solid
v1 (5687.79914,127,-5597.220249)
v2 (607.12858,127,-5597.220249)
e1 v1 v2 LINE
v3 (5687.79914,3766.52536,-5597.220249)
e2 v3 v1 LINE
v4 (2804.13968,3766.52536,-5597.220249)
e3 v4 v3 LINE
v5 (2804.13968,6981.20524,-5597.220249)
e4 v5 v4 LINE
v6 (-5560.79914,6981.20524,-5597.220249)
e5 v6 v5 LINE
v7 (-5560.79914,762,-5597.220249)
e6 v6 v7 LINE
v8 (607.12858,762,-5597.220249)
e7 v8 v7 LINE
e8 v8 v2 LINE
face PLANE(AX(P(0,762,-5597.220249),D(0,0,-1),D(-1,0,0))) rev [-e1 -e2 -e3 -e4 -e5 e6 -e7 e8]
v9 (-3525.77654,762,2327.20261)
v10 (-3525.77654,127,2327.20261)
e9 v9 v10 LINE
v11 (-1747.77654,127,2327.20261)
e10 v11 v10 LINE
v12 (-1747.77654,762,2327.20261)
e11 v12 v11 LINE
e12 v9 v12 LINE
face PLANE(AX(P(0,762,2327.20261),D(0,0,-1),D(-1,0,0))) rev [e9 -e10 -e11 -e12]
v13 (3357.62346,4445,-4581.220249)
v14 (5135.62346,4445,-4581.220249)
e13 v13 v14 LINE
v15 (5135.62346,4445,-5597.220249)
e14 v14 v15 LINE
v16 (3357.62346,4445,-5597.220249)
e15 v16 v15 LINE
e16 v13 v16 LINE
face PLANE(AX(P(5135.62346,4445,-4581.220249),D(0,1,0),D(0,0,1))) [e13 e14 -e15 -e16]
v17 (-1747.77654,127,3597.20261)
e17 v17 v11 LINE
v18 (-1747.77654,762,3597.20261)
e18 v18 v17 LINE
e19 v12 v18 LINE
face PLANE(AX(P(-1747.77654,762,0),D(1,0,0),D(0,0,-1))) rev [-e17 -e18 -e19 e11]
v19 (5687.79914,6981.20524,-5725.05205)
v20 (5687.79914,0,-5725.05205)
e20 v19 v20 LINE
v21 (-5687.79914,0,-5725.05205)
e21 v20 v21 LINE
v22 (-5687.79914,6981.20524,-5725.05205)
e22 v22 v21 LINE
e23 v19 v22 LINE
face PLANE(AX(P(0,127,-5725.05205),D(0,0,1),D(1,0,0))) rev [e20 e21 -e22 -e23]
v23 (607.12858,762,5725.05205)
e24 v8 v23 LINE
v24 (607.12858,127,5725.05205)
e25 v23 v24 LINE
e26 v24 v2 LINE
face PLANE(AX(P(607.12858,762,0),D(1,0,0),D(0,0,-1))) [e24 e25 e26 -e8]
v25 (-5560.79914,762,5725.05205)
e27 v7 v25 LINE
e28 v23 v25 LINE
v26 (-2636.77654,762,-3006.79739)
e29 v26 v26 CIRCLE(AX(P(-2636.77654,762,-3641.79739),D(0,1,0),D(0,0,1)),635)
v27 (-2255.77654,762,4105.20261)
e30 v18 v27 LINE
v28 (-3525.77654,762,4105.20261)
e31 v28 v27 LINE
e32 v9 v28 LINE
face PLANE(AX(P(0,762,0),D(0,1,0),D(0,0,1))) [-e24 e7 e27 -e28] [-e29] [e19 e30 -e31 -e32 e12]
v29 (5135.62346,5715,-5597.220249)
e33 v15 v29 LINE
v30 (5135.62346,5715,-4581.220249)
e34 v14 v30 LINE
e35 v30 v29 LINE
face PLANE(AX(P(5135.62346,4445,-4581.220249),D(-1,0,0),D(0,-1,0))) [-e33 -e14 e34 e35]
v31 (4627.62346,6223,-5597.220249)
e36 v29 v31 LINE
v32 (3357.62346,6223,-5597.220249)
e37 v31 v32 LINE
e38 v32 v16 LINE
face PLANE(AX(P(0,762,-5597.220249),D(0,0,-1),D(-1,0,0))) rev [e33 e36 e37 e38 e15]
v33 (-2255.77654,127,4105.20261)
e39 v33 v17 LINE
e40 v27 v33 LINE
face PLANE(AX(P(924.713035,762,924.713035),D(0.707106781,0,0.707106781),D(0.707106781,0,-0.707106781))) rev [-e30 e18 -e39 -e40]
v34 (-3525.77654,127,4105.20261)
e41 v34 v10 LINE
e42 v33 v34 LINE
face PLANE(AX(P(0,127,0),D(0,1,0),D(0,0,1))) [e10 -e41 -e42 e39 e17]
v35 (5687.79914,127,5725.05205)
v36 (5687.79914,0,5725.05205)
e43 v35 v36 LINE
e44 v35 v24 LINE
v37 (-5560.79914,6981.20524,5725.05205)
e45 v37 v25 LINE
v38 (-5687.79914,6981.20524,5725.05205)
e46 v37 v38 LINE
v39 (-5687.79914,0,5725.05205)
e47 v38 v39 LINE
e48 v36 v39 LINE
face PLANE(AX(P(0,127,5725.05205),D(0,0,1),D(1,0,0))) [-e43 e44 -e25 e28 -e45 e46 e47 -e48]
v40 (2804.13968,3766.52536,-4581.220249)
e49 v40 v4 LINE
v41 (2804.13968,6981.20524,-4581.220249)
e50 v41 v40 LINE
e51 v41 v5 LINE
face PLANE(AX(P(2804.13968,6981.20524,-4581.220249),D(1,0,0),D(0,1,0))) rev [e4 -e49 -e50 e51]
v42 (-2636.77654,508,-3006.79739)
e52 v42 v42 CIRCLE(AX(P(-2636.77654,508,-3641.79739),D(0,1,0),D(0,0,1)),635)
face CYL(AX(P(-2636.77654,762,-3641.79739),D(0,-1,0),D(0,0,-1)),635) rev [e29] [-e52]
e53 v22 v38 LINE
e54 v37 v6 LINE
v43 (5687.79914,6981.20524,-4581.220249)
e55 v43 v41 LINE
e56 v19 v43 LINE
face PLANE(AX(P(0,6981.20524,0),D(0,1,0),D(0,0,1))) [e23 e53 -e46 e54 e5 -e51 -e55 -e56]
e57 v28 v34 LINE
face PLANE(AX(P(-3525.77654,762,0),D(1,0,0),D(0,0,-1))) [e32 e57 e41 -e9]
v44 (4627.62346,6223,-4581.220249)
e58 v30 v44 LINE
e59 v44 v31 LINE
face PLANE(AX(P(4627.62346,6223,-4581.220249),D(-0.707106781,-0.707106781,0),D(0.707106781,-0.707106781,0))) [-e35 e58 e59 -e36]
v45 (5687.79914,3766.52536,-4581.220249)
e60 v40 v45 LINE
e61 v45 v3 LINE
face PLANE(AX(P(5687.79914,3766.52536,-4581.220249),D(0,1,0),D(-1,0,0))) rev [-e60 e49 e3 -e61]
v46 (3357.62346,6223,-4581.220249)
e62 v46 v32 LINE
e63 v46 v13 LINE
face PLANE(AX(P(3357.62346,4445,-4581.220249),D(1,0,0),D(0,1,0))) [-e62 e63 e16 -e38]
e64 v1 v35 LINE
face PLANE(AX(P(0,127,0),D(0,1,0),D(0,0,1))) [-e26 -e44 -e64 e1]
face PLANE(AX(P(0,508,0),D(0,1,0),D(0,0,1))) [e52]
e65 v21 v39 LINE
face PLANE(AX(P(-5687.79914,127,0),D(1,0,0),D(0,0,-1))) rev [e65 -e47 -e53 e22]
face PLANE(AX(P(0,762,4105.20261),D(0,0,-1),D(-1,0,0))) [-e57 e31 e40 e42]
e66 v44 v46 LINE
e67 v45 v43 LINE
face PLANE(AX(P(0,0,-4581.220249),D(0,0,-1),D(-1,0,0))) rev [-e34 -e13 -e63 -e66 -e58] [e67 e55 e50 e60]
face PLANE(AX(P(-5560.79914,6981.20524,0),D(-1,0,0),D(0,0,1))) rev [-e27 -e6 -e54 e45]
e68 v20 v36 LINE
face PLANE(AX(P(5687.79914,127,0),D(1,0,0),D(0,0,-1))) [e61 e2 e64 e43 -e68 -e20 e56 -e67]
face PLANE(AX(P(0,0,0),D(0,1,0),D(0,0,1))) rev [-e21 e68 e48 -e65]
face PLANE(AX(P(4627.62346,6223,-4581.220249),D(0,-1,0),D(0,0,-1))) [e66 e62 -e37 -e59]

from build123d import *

# Parameters (mm, degrees)
SKETCH1_W           = 5080.67056
SKETCH1_H           = 11322.27229855
SKETCH1_W_2         = 6167.92772
SKETCH1_R           = 635
SKETCH1_H_2         = 127.83180145
BOSS_EXTRUDE1_DEPTH = 127
SKETCH1_3_W         = 6167.92772
SKETCH1_3_H         = 11322.27229855
SKETCH1_3_R         = 635
SKETCH1_3_W_2       = 5080.67056
SKETCH1_3_H_2       = 127.83180145
BOSS_EXTRUDE2_DEPTH = 762
SKETCH1_4_W         = 5080.67056
SKETCH1_4_H         = 127.83180145
BOSS_EXTRUDE3_DEPTH = 6981.20524
SKETCH1_6_R         = 635
BOSS_EXTRUDE5_DEPTH = 508
SKETCH2_W           = 2883.65946
SKETCH2_H           = 3214.67988
BOSS_EXTRUDE6_DEPTH = 1016


with BuildPart() as part:
    # Sketch1 → Boss-Extrude1 (new body)
    with BuildSketch(Plane(origin=(0, 0, 0), x_dir=(1, 0, 0), z_dir=(0, 1, 0))):
        with Locations((3147.46386, -63.915900725)):
            Rectangle(SKETCH1_W, SKETCH1_H)
        with Locations((-2476.83528, -63.915900725)):
            Rectangle(SKETCH1_W_2, SKETCH1_H)
        Polygon((-1747.77654, -2327.20261), (-1747.77654, -3597.20261), (-2255.77654, -4105.20261), (-3525.77654, -4105.20261), (-3525.77654, -2327.20261), align=None, mode=Mode.SUBTRACT)
        with Locations((-2636.77654, 3641.79739)):
            Circle(SKETCH1_R, mode=Mode.SUBTRACT)
        Polygon((607.12858, 5597.22024855), (607.12858, 5725.05205), (-5687.79914, 5725.05205), (-5687.79914, -5725.05205), (-5560.79914, -5725.05205), (-5560.79914, 5597.22024855), align=None)
        with Locations((3147.46386, 5661.136149275)):
            Rectangle(SKETCH1_W, SKETCH1_H_2)
        Polygon((-1747.77654, -2327.20261), (-1747.77654, -3597.20261), (-2255.77654, -4105.20261), (-3525.77654, -4105.20261), (-3525.77654, -2327.20261), align=None)
        with Locations((-2636.77654, 3641.79739)):
            Circle(SKETCH1_R)
    extrude(amount=BOSS_EXTRUDE1_DEPTH)

    # Sketch1<3> → Boss-Extrude2 (add)
    with BuildSketch(Plane(origin=(0, 0, 0), x_dir=(1, 0, 0), z_dir=(0, 1, 0))):
        with Locations((-2476.83528, -63.915900725)):
            Rectangle(SKETCH1_3_W, SKETCH1_3_H)
        Polygon((-1747.77654, -2327.20261), (-1747.77654, -3597.20261), (-2255.77654, -4105.20261), (-3525.77654, -4105.20261), (-3525.77654, -2327.20261), align=None, mode=Mode.SUBTRACT)
        with Locations((-2636.77654, 3641.79739)):
            Circle(SKETCH1_3_R, mode=Mode.SUBTRACT)
        Polygon((607.12858, 5597.22024855), (607.12858, 5725.05205), (-5687.79914, 5725.05205), (-5687.79914, -5725.05205), (-5560.79914, -5725.05205), (-5560.79914, 5597.22024855), align=None)
        with Locations((3147.46386, 5661.136149275)):
            Rectangle(SKETCH1_3_W_2, SKETCH1_3_H_2)
    extrude(amount=BOSS_EXTRUDE2_DEPTH)

    # Sketch1<4> → Boss-Extrude3 (add)
    with BuildSketch(Plane(origin=(0, 0, 0), x_dir=(1, 0, 0), z_dir=(0, 1, 0))):
        with Locations((3147.46386, 5661.136149275)):
            Rectangle(SKETCH1_4_W, SKETCH1_4_H)
        Polygon((607.12858, 5597.22024855), (607.12858, 5725.05205), (-5687.79914, 5725.05205), (-5687.79914, -5725.05205), (-5560.79914, -5725.05205), (-5560.79914, 5597.22024855), align=None)
    extrude(amount=BOSS_EXTRUDE3_DEPTH)

    # Sketch1<6> → Boss-Extrude5 (add)
    with BuildSketch(Plane(origin=(0, 0, 0), x_dir=(1, 0, 0), z_dir=(0, 1, 0))):
        with Locations((-2636.77654, 3641.79739)):
            Circle(SKETCH1_6_R)
    extrude(amount=BOSS_EXTRUDE5_DEPTH)

    # Sketch2 → Boss-Extrude6 (add)
    with BuildSketch(Plane.XY.offset(-5597.22024855)):
        with Locations((4245.96941, 5373.8653)):
            Rectangle(SKETCH2_W, SKETCH2_H)
        Polygon((4627.62346, 6223), (5135.62346, 5715), (5135.62346, 4445), (3357.62346, 4445), (3357.62346, 6223), align=None, mode=Mode.SUBTRACT)
    extrude(amount=BOSS_EXTRUDE6_DEPTH)


solid = part.part
